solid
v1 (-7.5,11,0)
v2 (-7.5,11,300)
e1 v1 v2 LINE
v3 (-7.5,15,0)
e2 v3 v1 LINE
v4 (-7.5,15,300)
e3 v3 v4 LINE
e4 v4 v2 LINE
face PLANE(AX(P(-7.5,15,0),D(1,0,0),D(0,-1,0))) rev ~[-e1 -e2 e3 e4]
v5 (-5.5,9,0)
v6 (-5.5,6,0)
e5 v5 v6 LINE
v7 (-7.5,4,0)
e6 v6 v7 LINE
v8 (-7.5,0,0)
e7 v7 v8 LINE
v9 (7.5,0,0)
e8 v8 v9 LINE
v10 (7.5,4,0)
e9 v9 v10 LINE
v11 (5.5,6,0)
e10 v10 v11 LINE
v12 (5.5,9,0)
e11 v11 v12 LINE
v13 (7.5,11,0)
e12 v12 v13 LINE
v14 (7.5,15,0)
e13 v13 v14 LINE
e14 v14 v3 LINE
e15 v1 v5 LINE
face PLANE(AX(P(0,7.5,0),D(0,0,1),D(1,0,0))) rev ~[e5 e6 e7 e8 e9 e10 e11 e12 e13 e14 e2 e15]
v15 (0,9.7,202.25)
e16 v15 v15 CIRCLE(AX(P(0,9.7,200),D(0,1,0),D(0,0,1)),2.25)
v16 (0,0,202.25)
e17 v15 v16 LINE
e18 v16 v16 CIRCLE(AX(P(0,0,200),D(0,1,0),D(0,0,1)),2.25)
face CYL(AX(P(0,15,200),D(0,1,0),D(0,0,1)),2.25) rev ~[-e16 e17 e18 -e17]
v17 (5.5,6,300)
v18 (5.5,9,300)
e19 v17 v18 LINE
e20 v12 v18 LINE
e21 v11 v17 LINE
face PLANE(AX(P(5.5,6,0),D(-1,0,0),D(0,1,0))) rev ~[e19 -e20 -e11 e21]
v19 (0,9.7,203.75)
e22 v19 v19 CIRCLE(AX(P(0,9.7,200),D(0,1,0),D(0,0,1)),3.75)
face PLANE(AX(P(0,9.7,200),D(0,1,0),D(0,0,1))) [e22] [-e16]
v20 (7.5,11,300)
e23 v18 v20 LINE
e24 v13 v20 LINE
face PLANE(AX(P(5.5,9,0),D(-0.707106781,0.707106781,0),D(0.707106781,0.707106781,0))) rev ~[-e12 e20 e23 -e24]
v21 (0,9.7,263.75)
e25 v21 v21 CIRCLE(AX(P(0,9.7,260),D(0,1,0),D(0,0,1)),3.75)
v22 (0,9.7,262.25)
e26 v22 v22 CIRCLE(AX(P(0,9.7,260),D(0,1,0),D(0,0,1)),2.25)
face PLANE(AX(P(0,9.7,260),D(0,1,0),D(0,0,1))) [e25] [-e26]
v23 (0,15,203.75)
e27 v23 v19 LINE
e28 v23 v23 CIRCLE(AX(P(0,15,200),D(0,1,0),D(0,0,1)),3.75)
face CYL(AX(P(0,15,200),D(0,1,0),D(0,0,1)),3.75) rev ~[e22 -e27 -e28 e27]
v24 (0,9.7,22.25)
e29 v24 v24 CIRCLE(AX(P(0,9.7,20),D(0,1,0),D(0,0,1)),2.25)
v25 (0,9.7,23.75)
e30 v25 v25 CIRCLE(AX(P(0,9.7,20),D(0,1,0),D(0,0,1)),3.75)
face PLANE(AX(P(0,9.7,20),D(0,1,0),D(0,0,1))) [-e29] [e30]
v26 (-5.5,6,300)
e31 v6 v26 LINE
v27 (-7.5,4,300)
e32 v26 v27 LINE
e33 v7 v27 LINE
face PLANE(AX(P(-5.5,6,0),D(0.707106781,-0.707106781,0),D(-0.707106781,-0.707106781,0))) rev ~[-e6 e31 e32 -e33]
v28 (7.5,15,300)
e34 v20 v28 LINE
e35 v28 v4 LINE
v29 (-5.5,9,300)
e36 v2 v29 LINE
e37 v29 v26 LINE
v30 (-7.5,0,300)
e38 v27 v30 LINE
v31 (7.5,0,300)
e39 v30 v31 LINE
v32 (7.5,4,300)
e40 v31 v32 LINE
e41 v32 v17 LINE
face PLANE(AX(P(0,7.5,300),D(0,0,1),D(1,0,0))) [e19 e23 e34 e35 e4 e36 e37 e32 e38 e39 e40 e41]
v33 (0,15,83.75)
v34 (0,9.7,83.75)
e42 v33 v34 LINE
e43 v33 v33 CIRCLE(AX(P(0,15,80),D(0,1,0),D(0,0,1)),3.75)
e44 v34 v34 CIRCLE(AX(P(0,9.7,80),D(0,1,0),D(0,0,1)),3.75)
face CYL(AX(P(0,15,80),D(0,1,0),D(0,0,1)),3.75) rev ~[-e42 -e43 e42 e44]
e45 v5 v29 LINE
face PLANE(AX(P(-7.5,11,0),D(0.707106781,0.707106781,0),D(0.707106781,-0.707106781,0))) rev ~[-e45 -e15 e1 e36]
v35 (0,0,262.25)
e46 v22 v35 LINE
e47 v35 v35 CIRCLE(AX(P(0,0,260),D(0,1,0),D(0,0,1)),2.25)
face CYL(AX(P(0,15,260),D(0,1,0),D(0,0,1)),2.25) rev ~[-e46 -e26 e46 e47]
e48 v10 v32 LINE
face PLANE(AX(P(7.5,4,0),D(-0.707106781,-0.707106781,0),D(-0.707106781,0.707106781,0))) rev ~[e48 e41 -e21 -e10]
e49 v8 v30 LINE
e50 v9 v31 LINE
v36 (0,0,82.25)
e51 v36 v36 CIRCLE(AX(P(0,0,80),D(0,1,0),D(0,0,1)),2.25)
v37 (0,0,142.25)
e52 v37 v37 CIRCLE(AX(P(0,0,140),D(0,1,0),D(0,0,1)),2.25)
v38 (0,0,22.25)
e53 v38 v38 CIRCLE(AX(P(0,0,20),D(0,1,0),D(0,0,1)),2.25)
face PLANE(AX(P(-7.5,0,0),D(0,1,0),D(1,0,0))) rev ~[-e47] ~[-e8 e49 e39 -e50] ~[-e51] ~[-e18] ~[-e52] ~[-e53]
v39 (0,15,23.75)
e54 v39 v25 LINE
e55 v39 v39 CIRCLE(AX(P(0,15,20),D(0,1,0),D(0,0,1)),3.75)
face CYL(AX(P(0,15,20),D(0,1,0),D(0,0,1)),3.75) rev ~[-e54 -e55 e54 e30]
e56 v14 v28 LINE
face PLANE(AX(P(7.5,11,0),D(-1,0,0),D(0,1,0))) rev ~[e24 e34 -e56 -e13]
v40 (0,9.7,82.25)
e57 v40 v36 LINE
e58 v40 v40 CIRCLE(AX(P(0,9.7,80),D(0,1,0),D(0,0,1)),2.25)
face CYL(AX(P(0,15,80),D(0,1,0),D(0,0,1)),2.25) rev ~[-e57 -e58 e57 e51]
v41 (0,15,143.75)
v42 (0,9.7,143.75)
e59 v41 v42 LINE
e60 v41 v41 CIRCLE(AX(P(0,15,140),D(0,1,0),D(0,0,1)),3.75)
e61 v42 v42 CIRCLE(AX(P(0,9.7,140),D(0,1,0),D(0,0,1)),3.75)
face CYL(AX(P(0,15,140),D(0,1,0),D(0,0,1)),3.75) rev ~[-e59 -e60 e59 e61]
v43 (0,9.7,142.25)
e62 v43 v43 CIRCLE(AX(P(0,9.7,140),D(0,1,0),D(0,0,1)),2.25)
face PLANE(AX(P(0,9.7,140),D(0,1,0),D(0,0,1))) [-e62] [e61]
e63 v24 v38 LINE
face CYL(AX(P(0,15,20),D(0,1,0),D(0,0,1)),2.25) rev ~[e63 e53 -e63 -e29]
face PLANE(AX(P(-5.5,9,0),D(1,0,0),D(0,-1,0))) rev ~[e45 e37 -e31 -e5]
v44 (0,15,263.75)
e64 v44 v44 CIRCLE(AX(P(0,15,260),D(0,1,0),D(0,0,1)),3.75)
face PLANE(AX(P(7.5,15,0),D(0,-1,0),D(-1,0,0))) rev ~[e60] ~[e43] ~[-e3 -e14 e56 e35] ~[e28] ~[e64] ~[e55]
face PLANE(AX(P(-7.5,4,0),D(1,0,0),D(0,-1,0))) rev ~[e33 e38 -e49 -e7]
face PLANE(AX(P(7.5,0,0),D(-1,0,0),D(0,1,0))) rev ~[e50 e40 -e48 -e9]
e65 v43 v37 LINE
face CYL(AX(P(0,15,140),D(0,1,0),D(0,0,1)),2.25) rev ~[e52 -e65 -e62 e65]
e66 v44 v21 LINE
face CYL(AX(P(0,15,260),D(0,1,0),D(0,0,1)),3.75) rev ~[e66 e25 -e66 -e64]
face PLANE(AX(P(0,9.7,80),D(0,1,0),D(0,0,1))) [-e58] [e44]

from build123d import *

# Parameters (mm, degrees)
BOSS_EXTRUDE1_DEPTH = 300
SKETCH2_R           = 3.75
CUT_EXTRUDE1_DEPTH  = 5.3
SKETCH3_R           = 2.25
CUT_EXTRUDE2_DEPTH  = 301.46838436


with BuildPart() as part:
    # Sketch1 → Boss-Extrude1 (new body)
    with BuildSketch(Plane.XY):
        Polygon((-7.5, 0), (7.5, 0), (7.5, 4), (5.5, 6), (5.5, 9), (7.5, 11), (7.5, 15), (-7.5, 15), (-7.5, 11), (-5.5, 9), (-5.5, 6), (-7.5, 4), align=None)
    extrude(amount=BOSS_EXTRUDE1_DEPTH)

    # Sketch2 → Cut-Extrude1 (cut)
    with BuildSketch(Plane(origin=(0, 15, 0), x_dir=(1, 0, 0), z_dir=(0, 1, 0))):
        with Locations(Location((0, -20, 0), (0, 0, 270))):
            Circle(SKETCH2_R)
        with Locations(Location((0, -80, 0), (0, 0, 270))):
            Circle(SKETCH2_R)
        with Locations(Location((0, -140, 0), (0, 0, 270))):
            Circle(SKETCH2_R)
        with Locations(Location((0, -200, 0), (0, 0, 270))):
            Circle(SKETCH2_R)
        with Locations(Location((0, -260, 0), (0, 0, 270))):
            Circle(SKETCH2_R)
    extrude(amount=-CUT_EXTRUDE1_DEPTH, mode=Mode.SUBTRACT)

    # Sketch3 → Cut-Extrude2 (cut, through all)
    with BuildSketch(Plane(origin=(0, 15, 0), x_dir=(1, 0, 0), z_dir=(0, 1, 0))):
        with Locations(Location((0, -20, 0), (0, 0, 270))):
            Circle(SKETCH3_R)
        with Locations(Location((0, -80, 0), (0, 0, 270))):
            Circle(SKETCH3_R)
        with Locations(Location((0, -140, 0), (0, 0, 270))):
            Circle(SKETCH3_R)
        with Locations(Location((0, -200, 0), (0, 0, 270))):
            Circle(SKETCH3_R)
        with Locations(Location((0, -260, 0), (0, 0, 270))):
            Circle(SKETCH3_R)
    extrude(amount=-CUT_EXTRUDE2_DEPTH, mode=Mode.SUBTRACT)


solid = part.part
